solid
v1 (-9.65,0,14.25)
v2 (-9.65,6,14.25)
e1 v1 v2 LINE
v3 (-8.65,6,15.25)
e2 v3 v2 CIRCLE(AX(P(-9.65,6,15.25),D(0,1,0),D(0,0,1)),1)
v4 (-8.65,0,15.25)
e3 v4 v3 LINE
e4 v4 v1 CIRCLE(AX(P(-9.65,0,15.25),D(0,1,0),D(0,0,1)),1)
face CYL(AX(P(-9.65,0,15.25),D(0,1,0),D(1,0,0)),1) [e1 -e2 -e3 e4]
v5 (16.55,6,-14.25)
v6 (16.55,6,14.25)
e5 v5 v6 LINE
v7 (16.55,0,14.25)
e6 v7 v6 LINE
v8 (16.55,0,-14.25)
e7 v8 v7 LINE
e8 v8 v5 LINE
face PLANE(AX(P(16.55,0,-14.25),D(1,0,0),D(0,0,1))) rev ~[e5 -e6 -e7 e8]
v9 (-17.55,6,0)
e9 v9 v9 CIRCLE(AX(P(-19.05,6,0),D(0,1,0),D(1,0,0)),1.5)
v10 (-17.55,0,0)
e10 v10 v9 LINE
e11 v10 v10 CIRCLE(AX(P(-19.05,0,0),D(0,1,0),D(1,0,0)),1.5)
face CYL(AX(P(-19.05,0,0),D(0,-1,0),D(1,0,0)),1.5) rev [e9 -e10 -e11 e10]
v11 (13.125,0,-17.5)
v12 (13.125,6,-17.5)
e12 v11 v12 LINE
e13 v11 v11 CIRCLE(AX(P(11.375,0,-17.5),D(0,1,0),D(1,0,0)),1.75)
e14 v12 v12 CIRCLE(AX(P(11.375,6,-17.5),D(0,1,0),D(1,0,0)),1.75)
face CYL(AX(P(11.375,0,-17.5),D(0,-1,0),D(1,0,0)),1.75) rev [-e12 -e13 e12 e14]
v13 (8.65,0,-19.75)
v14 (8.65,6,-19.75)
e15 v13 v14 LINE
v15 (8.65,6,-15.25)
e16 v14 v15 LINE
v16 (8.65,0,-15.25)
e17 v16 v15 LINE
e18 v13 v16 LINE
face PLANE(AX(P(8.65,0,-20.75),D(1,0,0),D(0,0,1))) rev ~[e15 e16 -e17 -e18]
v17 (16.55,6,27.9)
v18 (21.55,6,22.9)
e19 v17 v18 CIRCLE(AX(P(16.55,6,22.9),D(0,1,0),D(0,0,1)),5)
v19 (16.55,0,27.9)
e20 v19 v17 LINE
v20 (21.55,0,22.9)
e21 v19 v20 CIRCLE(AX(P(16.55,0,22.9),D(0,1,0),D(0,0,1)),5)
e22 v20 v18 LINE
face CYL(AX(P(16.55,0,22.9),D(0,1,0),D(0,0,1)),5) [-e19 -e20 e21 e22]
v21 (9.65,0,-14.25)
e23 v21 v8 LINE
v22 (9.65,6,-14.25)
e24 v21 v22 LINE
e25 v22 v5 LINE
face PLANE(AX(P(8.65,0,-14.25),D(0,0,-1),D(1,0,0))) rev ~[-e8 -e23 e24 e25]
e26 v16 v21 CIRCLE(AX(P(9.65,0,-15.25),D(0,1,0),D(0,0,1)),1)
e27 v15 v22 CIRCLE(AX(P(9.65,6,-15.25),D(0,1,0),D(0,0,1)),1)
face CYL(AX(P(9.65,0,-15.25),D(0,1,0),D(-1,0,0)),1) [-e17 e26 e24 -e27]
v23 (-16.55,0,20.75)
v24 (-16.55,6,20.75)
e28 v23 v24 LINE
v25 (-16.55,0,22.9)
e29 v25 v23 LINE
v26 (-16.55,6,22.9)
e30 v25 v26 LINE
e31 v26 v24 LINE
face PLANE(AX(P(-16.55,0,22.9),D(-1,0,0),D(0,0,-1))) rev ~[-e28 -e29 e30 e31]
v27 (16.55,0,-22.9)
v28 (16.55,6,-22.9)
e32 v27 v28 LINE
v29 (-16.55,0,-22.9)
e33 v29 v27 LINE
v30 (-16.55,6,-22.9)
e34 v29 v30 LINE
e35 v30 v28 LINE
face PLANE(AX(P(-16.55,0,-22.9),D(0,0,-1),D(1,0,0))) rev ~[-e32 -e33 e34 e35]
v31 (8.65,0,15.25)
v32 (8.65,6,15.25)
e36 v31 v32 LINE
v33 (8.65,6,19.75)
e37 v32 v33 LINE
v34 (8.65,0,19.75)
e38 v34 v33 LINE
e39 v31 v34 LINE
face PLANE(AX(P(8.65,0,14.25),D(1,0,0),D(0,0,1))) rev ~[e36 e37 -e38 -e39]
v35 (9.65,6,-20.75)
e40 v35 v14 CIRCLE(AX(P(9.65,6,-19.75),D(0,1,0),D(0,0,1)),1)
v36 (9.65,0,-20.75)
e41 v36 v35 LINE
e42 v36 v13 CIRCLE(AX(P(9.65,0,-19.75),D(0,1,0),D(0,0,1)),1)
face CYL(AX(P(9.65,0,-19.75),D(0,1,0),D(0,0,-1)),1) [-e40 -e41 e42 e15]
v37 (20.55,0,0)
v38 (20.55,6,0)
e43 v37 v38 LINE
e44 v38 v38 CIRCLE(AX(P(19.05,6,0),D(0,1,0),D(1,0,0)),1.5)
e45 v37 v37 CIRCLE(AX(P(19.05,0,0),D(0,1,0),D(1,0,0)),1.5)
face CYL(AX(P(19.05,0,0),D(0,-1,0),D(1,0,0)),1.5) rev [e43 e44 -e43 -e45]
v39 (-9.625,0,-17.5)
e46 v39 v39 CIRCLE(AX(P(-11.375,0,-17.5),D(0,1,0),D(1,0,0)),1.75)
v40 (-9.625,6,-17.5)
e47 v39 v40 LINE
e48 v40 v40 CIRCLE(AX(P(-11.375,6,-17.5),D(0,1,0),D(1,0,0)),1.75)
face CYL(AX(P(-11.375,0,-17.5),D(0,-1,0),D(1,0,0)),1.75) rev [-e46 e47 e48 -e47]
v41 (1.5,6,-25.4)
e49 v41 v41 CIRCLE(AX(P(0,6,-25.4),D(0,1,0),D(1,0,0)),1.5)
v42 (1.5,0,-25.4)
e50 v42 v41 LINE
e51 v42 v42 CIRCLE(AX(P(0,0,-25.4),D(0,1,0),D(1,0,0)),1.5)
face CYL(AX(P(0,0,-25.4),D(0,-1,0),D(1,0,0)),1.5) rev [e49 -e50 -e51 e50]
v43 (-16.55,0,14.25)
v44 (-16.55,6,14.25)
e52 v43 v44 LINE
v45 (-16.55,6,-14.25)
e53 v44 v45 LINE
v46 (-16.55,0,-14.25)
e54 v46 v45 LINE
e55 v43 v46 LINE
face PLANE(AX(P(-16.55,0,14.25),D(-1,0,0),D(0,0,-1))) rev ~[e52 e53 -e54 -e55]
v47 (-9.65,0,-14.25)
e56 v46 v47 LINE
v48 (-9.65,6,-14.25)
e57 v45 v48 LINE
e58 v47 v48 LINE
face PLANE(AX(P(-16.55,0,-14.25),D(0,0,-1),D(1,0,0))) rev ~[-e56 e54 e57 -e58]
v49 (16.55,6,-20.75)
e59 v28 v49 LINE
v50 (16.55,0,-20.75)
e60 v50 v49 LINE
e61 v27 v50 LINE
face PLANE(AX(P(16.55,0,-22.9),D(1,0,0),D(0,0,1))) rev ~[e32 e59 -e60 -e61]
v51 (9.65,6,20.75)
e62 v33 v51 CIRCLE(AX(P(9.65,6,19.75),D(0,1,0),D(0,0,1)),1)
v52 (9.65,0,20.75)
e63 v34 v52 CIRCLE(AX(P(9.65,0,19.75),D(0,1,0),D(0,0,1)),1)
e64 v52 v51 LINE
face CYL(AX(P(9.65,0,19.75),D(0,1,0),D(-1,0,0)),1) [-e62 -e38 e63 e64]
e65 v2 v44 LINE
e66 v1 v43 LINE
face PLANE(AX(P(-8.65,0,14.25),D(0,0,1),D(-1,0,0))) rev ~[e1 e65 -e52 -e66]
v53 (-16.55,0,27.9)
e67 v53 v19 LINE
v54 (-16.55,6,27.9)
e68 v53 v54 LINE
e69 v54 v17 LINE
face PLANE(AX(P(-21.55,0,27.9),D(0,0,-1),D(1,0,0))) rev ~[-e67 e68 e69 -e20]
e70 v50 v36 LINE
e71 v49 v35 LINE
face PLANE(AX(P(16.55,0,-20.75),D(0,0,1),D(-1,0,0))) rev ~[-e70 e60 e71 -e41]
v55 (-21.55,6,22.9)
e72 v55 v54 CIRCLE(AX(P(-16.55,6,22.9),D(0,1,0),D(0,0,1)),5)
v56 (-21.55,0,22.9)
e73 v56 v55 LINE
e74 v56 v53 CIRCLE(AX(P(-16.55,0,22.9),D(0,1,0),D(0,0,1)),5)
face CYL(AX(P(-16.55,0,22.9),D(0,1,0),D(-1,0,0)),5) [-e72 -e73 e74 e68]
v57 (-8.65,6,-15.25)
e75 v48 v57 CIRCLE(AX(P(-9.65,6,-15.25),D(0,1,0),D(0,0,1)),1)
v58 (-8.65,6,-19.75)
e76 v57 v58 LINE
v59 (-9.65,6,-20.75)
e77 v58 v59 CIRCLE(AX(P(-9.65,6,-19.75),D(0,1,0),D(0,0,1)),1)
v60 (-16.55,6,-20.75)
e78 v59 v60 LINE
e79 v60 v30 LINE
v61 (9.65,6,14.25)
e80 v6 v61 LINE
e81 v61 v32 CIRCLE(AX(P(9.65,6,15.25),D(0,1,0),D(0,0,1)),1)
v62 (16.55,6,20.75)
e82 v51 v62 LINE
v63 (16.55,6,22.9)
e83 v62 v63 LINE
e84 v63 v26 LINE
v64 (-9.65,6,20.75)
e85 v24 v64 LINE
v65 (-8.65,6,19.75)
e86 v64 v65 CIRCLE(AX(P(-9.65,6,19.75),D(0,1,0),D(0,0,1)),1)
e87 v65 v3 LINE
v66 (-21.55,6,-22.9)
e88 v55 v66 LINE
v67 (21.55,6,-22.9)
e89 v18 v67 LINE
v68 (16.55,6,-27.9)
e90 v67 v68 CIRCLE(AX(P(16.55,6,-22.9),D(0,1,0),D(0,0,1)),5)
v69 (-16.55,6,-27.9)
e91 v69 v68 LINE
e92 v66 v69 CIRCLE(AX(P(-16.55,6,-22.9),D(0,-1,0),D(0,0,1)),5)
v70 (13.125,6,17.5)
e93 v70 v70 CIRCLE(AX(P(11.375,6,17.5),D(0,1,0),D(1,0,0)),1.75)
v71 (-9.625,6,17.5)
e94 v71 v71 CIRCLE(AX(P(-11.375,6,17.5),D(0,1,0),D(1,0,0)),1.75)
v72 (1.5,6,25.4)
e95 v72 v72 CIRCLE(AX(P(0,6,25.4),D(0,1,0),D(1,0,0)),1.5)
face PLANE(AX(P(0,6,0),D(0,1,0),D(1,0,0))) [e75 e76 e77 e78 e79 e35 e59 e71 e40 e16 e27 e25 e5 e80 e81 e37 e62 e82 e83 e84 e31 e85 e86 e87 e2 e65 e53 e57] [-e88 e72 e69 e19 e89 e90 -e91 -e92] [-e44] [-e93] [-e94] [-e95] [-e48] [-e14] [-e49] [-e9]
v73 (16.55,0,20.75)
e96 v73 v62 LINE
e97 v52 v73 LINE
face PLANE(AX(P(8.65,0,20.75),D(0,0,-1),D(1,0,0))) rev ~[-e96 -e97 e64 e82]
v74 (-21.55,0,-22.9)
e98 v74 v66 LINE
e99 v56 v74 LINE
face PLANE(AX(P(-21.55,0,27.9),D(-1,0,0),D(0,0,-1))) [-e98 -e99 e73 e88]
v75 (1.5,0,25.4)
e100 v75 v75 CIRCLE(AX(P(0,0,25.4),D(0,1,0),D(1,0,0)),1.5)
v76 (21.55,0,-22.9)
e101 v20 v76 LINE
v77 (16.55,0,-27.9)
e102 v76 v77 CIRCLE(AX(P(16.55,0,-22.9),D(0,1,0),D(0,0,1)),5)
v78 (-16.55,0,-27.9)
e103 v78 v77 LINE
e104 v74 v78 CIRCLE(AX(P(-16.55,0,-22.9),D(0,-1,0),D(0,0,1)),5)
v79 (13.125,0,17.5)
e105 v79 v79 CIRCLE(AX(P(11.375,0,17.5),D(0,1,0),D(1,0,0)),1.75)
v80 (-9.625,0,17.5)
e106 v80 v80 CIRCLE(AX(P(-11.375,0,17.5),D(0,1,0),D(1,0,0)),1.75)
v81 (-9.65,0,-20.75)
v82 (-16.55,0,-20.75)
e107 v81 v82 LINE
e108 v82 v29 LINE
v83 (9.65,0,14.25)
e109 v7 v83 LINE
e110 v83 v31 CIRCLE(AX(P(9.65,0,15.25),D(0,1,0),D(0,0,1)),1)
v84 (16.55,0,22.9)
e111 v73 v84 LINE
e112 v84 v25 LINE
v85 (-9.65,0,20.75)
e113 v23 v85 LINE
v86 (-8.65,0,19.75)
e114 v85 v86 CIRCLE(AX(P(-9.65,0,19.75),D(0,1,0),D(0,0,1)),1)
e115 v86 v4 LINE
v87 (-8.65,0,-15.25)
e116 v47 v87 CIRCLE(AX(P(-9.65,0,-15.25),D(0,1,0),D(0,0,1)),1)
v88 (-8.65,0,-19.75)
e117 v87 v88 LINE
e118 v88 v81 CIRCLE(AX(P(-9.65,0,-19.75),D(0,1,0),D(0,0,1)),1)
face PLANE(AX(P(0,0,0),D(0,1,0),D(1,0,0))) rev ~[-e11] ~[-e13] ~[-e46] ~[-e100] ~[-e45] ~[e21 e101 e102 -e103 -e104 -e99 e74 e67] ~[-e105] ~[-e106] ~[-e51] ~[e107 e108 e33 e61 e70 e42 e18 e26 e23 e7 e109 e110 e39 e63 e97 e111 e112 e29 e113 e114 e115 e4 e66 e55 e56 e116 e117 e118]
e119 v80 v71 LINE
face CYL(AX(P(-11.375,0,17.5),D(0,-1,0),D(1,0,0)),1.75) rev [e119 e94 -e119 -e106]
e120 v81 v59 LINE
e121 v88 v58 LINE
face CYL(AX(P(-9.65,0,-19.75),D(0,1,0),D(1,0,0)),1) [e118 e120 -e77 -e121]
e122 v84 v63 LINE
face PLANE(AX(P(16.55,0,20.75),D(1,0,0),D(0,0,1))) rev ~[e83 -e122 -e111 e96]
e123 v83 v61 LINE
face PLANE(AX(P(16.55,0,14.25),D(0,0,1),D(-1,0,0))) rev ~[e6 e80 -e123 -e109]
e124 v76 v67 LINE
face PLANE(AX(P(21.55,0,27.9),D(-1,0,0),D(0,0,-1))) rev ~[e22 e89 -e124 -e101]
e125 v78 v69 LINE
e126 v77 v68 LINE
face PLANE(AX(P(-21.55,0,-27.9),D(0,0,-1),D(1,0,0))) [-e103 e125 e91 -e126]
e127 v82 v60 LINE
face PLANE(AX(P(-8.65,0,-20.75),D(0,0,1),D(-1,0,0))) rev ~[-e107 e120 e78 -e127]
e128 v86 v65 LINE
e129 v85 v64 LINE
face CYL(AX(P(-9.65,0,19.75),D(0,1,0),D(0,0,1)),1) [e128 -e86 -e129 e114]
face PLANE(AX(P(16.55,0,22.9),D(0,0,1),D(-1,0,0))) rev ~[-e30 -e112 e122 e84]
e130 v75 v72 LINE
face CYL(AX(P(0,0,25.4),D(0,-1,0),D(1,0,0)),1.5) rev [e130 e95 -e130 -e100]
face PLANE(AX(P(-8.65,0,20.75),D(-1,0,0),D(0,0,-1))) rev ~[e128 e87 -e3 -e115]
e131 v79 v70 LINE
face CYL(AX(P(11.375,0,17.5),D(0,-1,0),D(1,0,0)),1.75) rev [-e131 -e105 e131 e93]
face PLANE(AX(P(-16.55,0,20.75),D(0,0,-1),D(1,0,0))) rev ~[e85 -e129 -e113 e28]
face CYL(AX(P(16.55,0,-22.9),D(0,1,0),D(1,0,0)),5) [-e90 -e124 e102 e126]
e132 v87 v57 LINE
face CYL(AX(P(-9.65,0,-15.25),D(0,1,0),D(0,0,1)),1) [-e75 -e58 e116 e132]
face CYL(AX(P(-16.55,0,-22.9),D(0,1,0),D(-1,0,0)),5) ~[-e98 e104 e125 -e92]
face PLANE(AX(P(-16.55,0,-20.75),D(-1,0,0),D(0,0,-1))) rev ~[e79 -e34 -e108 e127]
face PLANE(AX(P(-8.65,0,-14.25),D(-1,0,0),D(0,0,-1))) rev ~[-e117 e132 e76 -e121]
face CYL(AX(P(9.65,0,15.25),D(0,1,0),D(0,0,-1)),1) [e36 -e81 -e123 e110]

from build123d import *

# Parameters (mm, degrees)
SKETCH1_W           = 43.1
SKETCH1_H           = 55.8
SKETCH1_R           = 1.75
SKETCH1_R_2         = 1.5
BOSS_EXTRUDE1_DEPTH = 6
FILLET3_R           = 5
FILLET4_R           = 1


with BuildPart() as part:
    # Sketch1 → Boss-Extrude1 (new body)
    with BuildSketch(Plane(origin=(0, 0, 0), x_dir=(1, 0, 0), z_dir=(0, 1, 0))):
        Rectangle(SKETCH1_W, SKETCH1_H)
        with Locations((11.375, 17.5)):
            Circle(SKETCH1_R, mode=Mode.SUBTRACT)
        with Locations((11.375, -17.5)):
            Circle(SKETCH1_R, mode=Mode.SUBTRACT)
        with Locations((-11.375, -17.5)):
            Circle(SKETCH1_R, mode=Mode.SUBTRACT)
        with Locations((-11.375, 17.5)):
            Circle(SKETCH1_R, mode=Mode.SUBTRACT)
        with Locations((0, 25.4)):
            Circle(SKETCH1_R_2, mode=Mode.SUBTRACT)
        with Locations((-19.05, 0)):
            Circle(SKETCH1_R_2, mode=Mode.SUBTRACT)
        with Locations((19.05, 0)):
            Circle(SKETCH1_R_2, mode=Mode.SUBTRACT)
        with Locations((0, -25.4)):
            Circle(SKETCH1_R_2, mode=Mode.SUBTRACT)
        Polygon((14.25, -14.25), (8.65, -14.25), (8.65, -20.75), (14.25, -20.75), (16.55, -20.75), (16.55, -22.9), (-16.55, -22.9), (-16.55, -20.75), (-14.25, -20.75), (-8.65, -20.75), (-8.65, -14.25), (-14.25, -14.25), (-16.55, -14.25), (-16.55, 14.25), (-14.25, 14.25), (-8.65, 14.25), (-8.65, 20.75), (-14.25, 20.75), (-16.55, 20.75), (-16.55, 22.9), (16.55, 22.9), (16.55, 20.75), (14.25, 20.75), (8.65, 20.75), (8.65, 14.25), (14.25, 14.25), (16.55, 14.25), (16.55, -14.25), align=None, mode=Mode.SUBTRACT)
    extrude(amount=BOSS_EXTRUDE1_DEPTH)

    # Fillet3
    fillet3_edges = [part.edges().sort_by_distance(p)[0] for p in [
        (-21.55, 3, 27.9),
        (-21.55, 3, -27.9),
        (21.55, 3, -27.9),
        (21.55, 3, 27.9),
    ]]
    fillet(fillet3_edges, radius=FILLET3_R)

    # Fillet4
    fillet4_edges = [part.edges().sort_by_distance(p)[0] for p in [
        (-8.65, 3, -20.75),
        (-8.65, 3, -14.25),
        (-8.65, 3, 14.25),
        (-8.65, 3, 20.75),
        (8.65, 3, 20.75),
        (8.65, 3, 14.25),
        (8.65, 3, -14.25),
        (8.65, 3, -20.75),
    ]]
    fillet(fillet4_edges, radius=FILLET4_R)


solid = part.part
